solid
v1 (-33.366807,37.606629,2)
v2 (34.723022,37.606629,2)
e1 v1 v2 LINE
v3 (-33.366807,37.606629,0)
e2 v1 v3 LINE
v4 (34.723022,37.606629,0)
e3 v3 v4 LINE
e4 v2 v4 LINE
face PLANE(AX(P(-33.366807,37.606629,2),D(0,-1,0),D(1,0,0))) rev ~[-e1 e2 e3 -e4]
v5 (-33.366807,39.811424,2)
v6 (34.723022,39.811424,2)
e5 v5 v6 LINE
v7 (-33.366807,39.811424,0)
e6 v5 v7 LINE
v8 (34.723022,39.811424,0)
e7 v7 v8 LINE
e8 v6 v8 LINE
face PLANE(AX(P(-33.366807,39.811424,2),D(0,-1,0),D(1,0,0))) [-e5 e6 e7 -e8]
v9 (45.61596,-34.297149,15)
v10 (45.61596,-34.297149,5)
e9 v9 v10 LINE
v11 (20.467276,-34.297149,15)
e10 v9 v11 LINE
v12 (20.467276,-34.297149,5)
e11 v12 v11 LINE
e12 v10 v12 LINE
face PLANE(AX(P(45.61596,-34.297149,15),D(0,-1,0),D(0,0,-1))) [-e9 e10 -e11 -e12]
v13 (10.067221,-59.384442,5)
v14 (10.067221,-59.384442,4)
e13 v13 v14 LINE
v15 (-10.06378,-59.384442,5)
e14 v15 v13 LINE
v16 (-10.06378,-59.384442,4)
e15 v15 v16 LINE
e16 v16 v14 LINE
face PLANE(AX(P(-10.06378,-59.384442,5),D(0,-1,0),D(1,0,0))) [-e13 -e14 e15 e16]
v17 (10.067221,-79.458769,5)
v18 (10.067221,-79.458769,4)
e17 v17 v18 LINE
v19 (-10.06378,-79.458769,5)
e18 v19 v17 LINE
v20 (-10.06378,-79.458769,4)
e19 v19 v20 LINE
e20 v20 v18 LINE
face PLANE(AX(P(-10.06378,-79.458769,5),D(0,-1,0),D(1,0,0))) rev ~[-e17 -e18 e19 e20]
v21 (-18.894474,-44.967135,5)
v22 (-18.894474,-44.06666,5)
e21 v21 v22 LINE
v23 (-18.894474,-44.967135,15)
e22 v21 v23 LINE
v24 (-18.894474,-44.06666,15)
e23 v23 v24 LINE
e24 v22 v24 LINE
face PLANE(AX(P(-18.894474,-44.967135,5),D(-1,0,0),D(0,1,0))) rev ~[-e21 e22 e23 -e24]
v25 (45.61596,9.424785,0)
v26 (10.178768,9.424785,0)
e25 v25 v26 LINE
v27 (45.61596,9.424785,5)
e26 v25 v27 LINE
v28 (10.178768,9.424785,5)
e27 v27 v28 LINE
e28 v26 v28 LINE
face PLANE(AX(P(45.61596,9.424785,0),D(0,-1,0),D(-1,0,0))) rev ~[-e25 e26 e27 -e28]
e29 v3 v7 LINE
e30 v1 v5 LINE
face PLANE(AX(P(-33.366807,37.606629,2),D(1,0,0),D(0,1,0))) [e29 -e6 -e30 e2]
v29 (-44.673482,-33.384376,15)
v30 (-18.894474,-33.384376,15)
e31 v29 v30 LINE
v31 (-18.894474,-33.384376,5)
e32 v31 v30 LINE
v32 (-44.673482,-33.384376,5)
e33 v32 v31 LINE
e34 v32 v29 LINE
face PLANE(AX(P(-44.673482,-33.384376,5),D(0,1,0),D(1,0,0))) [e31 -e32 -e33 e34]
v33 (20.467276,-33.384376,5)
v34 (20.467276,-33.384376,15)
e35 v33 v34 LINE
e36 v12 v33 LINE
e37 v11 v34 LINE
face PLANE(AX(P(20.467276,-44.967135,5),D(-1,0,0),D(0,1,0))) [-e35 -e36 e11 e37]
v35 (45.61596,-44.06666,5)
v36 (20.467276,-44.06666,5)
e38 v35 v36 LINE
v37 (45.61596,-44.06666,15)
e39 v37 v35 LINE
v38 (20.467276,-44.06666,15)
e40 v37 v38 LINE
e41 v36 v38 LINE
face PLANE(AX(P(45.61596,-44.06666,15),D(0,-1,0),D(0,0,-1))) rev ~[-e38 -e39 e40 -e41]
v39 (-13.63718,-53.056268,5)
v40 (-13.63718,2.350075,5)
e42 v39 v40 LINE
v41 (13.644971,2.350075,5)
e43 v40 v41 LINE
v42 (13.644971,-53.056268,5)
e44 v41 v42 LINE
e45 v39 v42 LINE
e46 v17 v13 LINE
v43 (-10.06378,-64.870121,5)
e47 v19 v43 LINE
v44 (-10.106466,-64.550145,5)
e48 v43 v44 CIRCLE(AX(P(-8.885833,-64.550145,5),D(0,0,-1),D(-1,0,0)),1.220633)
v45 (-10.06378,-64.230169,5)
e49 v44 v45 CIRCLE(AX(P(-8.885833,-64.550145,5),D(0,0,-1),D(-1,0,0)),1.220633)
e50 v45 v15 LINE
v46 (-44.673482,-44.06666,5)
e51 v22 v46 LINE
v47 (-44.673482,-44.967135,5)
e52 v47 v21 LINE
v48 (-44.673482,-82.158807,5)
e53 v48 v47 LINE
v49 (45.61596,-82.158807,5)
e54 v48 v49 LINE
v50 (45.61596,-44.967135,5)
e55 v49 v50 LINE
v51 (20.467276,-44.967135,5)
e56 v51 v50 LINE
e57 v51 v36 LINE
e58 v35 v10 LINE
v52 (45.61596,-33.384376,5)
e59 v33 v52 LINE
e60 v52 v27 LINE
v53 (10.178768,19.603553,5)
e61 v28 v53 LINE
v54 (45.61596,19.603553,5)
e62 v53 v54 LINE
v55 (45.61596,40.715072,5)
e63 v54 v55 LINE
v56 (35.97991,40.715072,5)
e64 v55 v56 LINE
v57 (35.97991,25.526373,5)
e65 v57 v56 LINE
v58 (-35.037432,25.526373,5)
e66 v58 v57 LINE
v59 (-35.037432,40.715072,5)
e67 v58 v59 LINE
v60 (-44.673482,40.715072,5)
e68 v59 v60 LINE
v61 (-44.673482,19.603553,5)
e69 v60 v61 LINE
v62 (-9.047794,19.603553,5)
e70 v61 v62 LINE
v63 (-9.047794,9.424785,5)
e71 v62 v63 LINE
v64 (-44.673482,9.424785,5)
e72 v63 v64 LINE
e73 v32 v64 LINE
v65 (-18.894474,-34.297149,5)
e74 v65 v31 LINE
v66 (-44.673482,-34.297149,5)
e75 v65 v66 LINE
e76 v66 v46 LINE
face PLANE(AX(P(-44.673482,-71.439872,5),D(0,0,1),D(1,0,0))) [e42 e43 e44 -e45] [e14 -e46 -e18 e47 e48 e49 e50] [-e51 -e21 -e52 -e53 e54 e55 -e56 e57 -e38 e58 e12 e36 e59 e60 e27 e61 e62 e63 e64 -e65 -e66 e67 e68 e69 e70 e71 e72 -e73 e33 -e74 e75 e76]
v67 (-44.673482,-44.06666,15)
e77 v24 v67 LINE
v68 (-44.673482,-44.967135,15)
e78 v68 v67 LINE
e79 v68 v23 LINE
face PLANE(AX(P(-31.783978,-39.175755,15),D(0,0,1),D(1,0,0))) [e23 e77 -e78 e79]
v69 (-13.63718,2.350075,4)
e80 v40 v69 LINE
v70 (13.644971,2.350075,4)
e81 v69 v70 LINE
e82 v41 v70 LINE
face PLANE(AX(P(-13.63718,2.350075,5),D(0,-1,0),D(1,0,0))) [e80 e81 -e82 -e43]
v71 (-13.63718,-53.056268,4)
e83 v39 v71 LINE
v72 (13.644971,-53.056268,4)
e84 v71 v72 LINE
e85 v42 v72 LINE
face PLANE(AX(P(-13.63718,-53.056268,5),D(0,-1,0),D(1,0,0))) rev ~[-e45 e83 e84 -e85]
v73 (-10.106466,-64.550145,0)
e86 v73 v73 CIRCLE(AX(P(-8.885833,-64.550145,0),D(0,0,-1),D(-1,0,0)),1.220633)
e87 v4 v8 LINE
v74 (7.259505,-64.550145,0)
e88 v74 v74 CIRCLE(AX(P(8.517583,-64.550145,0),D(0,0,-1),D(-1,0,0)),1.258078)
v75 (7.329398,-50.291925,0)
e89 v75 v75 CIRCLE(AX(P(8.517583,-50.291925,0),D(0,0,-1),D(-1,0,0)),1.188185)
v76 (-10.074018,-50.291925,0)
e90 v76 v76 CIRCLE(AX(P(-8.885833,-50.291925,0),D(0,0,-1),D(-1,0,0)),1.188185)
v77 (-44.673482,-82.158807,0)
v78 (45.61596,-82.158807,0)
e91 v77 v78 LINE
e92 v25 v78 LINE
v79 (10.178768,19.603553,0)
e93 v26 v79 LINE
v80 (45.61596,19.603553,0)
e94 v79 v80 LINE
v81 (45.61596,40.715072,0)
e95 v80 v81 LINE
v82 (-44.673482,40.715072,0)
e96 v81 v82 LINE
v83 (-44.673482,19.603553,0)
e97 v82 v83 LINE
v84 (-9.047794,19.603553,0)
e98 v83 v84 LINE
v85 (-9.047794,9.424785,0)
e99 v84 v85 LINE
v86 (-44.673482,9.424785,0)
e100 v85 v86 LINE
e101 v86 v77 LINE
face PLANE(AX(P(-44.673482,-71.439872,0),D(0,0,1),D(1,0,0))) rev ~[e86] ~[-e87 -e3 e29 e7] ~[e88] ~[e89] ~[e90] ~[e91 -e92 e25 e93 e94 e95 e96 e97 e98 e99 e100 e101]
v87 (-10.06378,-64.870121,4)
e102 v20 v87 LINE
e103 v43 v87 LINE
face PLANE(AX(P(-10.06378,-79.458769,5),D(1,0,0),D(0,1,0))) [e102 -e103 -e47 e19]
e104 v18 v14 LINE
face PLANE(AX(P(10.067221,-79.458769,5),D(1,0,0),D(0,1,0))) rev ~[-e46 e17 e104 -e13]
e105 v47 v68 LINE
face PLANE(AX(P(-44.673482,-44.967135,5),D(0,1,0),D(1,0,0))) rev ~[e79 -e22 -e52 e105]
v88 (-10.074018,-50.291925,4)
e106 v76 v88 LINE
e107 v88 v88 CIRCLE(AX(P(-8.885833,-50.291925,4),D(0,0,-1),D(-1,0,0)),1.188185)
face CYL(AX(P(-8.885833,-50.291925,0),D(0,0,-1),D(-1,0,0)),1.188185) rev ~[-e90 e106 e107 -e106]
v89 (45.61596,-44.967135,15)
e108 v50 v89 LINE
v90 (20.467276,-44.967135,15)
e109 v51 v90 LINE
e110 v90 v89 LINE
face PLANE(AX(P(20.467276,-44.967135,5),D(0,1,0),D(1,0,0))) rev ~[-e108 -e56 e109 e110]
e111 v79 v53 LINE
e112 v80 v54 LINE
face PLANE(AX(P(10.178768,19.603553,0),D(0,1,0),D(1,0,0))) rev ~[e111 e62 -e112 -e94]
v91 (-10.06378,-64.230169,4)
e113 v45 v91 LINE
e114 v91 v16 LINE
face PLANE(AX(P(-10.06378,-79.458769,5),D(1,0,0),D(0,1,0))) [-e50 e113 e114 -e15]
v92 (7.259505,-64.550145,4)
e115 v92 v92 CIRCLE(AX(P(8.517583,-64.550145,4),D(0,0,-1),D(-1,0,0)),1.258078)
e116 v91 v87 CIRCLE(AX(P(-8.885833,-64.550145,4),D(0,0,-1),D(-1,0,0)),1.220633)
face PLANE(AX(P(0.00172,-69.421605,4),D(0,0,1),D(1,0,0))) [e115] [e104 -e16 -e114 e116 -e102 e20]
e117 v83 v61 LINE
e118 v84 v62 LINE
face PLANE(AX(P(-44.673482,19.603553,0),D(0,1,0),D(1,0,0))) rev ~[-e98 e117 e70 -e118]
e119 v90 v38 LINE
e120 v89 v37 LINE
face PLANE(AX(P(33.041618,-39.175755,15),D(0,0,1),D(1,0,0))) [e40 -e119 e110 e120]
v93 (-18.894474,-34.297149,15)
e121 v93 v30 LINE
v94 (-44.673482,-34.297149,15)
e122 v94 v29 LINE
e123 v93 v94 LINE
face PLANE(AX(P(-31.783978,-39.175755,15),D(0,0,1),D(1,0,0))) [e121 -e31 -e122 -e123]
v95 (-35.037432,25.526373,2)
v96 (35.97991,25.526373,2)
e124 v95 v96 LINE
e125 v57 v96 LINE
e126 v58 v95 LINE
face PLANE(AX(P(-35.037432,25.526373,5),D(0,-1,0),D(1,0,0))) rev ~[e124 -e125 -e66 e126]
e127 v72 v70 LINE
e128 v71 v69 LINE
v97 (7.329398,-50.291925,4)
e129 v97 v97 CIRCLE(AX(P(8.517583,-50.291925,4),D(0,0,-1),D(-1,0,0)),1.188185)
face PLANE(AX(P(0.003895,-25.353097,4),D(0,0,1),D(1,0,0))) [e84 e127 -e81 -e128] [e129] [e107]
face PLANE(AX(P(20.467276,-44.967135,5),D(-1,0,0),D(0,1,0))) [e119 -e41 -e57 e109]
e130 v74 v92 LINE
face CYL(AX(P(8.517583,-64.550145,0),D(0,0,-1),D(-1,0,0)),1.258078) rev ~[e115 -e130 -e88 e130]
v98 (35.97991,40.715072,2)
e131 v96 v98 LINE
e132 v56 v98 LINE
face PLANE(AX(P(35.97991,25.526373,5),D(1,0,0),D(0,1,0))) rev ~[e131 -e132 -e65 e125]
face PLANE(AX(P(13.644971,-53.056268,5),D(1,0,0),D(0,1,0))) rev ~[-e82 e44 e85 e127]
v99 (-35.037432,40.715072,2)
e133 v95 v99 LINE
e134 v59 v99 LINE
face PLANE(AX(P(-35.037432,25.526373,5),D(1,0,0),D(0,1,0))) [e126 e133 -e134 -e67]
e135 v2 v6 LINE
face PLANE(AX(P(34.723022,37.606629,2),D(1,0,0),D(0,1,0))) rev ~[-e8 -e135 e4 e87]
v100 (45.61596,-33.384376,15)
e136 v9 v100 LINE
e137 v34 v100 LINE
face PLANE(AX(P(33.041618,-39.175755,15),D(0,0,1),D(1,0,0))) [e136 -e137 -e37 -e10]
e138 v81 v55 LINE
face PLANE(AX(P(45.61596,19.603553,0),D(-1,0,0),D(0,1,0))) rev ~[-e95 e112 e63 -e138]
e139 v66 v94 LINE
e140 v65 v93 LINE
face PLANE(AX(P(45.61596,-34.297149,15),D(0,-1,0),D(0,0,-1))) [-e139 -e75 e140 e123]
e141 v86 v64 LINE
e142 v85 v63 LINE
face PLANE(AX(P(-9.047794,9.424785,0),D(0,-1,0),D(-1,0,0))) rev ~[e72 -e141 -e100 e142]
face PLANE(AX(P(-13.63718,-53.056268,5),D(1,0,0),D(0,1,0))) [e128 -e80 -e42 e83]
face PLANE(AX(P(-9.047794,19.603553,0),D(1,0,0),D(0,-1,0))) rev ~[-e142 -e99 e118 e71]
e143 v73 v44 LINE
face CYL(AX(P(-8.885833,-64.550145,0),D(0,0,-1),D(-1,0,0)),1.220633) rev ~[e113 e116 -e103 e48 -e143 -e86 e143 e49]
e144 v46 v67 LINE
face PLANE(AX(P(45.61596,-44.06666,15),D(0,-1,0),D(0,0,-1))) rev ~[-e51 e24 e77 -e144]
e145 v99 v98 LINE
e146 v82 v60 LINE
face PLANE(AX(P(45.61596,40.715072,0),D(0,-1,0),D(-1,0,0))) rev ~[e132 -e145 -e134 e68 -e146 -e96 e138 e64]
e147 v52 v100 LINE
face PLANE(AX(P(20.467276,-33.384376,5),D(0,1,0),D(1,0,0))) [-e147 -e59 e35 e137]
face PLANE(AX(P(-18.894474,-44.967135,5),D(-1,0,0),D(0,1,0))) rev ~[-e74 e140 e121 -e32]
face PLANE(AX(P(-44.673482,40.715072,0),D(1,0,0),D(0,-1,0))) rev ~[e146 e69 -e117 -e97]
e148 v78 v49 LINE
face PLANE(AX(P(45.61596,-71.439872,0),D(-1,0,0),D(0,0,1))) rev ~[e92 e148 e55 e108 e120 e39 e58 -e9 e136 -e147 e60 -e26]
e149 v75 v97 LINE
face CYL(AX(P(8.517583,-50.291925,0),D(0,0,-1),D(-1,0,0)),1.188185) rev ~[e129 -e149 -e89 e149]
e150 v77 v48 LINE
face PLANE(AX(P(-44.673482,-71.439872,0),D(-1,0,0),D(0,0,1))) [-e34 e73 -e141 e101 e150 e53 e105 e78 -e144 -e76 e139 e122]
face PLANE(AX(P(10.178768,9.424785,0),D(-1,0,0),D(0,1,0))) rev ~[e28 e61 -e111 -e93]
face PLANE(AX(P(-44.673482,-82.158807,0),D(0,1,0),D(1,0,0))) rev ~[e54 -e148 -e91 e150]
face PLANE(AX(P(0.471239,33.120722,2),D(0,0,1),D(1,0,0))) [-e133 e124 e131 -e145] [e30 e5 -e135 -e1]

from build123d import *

# Parameters (mm, degrees)
RESSALTO_EXTRUS_O1_DEPTH = 5
ESBO_O2_W                = 71.017341725
ESBO_O2_H                = 15.188699459
CORTE_EXTRUS_O1_DEPTH    = 3
MOVER_FACE1_BY           = 10.718934909
ESBO_O3_W                = 68.089828176
ESBO_O3_H                = 2.204794608
CORTE_EXTRUS_O2_DEPTH    = 10
ESBO_O4_W                = 20.131000956
ESBO_O4_H                = 20.074327354
ESBO_O4_W_2              = 27.282150264
ESBO_O4_H_2              = 55.406342203
CORTE_EXTRUS_O4_DEPTH    = 1
ESBO_O5_R                = 1.188185025
ESBO_O5_R_2              = 1.258078261
ESBO_O5_R_3              = 1.220632904
CORTE_EXTRUS_O5_DEPTH    = 10
ESBO_O6_W                = 25.148684125
ESBO_O6_H                = 11.582759477
ESBO_O6_W_2              = 25.779007711
RESSALTO_EXTRUS_O2_DEPTH = 10
ESBO_O7_W                = 10
ESBO_O7_H                = 9.769511044
CORTE_EXTRUS_O7_DEPTH    = 99


with BuildPart() as part:
    # Esboço1 → Ressalto-extrusão1 (new body)
    with BuildSketch(Plane.XY):
        Polygon((-44.67348187, 40.715072084), (-44.67348187, 19.603553226), (-9.047793796, 19.603553226), (-9.047793796, 9.424785205), (-44.67348187, 9.424785205), (-44.67348187, -71.439871851), (45.61596039, -71.439871851), (45.61596039, 9.424785205), (10.178768021, 9.424785205), (10.178768021, 19.603553226), (45.61596039, 19.603553226), (45.61596039, 40.715072084), align=None)
    extrude(amount=RESSALTO_EXTRUS_O1_DEPTH)

    # Esboço2 → Corte-extrusão1 (cut)
    with BuildSketch(Plane.XY.offset(5)):
        with Locations((0.47123926, 33.120722355)):
            Rectangle(ESBO_O2_W, ESBO_O2_H)
    extrude(amount=-CORTE_EXTRUS_O1_DEPTH, mode=Mode.SUBTRACT)

    # Mover face1: a face moved outward by 10.718935
    extrude(part.faces().sort_by_distance((0.47123926, -71.439871851, 2.5))[0], amount=MOVER_FACE1_BY, dir=(0, -1, 0))

    # Esboço3 → Corte-extrusão2 (cut)
    with BuildSketch(Plane.XY.offset(2)):
        with Locations((0.67810757, 38.709026673)):
            Rectangle(ESBO_O3_W, ESBO_O3_H)
    extrude(amount=-CORTE_EXTRUS_O2_DEPTH, mode=Mode.SUBTRACT)

    # Esboço4 → Corte-extrusão4 (cut)
    with BuildSketch(Plane.XY.offset(5)):
        with Locations((0.001720335, -69.421605448)):
            Rectangle(ESBO_O4_W, ESBO_O4_H)
        with Locations((0.003895482, -25.35309655)):
            Rectangle(ESBO_O4_W_2, ESBO_O4_H_2)
    extrude(amount=-CORTE_EXTRUS_O4_DEPTH, mode=Mode.SUBTRACT)

    # Esboço5 → Corte-extrusão5 (cut)
    with BuildSketch(Plane(origin=(0, 0, 0), x_dir=(-1, 0, 0), z_dir=(0, 0, -1))):
        with Locations((-8.517583176, -50.2919249)):
            Circle(ESBO_O5_R)
        with Locations((-8.517583176, -64.550145197)):
            Circle(ESBO_O5_R_2)
        with Locations((8.885832774, -64.550145197)):
            Circle(ESBO_O5_R_3)
        with Locations((8.885832774, -50.2919249)):
            Circle(ESBO_O5_R)
    extrude(amount=-CORTE_EXTRUS_O5_DEPTH, mode=Mode.SUBTRACT)

    # Esboço6 → Ressalto-extrusão2 (add)
    with BuildSketch(Plane.XY.offset(5)):
        with Locations((33.041618328, -39.175755318)):
            Rectangle(ESBO_O6_W, ESBO_O6_H)
        with Locations((-31.783978015, -39.175755318)):
            Rectangle(ESBO_O6_W_2, ESBO_O6_H)
    extrude(amount=RESSALTO_EXTRUS_O2_DEPTH)

    # Esboço7 → Corte-extrusão7 (cut)
    with BuildSketch(Plane(origin=(45.61596039, 0, 0), x_dir=(0, 0, -1), z_dir=(1, 0, 0))):
        with Locations((-10, -39.181904772)):
            Rectangle(ESBO_O7_W, ESBO_O7_H)
    extrude(amount=-CORTE_EXTRUS_O7_DEPTH, mode=Mode.SUBTRACT)


solid = part.part
